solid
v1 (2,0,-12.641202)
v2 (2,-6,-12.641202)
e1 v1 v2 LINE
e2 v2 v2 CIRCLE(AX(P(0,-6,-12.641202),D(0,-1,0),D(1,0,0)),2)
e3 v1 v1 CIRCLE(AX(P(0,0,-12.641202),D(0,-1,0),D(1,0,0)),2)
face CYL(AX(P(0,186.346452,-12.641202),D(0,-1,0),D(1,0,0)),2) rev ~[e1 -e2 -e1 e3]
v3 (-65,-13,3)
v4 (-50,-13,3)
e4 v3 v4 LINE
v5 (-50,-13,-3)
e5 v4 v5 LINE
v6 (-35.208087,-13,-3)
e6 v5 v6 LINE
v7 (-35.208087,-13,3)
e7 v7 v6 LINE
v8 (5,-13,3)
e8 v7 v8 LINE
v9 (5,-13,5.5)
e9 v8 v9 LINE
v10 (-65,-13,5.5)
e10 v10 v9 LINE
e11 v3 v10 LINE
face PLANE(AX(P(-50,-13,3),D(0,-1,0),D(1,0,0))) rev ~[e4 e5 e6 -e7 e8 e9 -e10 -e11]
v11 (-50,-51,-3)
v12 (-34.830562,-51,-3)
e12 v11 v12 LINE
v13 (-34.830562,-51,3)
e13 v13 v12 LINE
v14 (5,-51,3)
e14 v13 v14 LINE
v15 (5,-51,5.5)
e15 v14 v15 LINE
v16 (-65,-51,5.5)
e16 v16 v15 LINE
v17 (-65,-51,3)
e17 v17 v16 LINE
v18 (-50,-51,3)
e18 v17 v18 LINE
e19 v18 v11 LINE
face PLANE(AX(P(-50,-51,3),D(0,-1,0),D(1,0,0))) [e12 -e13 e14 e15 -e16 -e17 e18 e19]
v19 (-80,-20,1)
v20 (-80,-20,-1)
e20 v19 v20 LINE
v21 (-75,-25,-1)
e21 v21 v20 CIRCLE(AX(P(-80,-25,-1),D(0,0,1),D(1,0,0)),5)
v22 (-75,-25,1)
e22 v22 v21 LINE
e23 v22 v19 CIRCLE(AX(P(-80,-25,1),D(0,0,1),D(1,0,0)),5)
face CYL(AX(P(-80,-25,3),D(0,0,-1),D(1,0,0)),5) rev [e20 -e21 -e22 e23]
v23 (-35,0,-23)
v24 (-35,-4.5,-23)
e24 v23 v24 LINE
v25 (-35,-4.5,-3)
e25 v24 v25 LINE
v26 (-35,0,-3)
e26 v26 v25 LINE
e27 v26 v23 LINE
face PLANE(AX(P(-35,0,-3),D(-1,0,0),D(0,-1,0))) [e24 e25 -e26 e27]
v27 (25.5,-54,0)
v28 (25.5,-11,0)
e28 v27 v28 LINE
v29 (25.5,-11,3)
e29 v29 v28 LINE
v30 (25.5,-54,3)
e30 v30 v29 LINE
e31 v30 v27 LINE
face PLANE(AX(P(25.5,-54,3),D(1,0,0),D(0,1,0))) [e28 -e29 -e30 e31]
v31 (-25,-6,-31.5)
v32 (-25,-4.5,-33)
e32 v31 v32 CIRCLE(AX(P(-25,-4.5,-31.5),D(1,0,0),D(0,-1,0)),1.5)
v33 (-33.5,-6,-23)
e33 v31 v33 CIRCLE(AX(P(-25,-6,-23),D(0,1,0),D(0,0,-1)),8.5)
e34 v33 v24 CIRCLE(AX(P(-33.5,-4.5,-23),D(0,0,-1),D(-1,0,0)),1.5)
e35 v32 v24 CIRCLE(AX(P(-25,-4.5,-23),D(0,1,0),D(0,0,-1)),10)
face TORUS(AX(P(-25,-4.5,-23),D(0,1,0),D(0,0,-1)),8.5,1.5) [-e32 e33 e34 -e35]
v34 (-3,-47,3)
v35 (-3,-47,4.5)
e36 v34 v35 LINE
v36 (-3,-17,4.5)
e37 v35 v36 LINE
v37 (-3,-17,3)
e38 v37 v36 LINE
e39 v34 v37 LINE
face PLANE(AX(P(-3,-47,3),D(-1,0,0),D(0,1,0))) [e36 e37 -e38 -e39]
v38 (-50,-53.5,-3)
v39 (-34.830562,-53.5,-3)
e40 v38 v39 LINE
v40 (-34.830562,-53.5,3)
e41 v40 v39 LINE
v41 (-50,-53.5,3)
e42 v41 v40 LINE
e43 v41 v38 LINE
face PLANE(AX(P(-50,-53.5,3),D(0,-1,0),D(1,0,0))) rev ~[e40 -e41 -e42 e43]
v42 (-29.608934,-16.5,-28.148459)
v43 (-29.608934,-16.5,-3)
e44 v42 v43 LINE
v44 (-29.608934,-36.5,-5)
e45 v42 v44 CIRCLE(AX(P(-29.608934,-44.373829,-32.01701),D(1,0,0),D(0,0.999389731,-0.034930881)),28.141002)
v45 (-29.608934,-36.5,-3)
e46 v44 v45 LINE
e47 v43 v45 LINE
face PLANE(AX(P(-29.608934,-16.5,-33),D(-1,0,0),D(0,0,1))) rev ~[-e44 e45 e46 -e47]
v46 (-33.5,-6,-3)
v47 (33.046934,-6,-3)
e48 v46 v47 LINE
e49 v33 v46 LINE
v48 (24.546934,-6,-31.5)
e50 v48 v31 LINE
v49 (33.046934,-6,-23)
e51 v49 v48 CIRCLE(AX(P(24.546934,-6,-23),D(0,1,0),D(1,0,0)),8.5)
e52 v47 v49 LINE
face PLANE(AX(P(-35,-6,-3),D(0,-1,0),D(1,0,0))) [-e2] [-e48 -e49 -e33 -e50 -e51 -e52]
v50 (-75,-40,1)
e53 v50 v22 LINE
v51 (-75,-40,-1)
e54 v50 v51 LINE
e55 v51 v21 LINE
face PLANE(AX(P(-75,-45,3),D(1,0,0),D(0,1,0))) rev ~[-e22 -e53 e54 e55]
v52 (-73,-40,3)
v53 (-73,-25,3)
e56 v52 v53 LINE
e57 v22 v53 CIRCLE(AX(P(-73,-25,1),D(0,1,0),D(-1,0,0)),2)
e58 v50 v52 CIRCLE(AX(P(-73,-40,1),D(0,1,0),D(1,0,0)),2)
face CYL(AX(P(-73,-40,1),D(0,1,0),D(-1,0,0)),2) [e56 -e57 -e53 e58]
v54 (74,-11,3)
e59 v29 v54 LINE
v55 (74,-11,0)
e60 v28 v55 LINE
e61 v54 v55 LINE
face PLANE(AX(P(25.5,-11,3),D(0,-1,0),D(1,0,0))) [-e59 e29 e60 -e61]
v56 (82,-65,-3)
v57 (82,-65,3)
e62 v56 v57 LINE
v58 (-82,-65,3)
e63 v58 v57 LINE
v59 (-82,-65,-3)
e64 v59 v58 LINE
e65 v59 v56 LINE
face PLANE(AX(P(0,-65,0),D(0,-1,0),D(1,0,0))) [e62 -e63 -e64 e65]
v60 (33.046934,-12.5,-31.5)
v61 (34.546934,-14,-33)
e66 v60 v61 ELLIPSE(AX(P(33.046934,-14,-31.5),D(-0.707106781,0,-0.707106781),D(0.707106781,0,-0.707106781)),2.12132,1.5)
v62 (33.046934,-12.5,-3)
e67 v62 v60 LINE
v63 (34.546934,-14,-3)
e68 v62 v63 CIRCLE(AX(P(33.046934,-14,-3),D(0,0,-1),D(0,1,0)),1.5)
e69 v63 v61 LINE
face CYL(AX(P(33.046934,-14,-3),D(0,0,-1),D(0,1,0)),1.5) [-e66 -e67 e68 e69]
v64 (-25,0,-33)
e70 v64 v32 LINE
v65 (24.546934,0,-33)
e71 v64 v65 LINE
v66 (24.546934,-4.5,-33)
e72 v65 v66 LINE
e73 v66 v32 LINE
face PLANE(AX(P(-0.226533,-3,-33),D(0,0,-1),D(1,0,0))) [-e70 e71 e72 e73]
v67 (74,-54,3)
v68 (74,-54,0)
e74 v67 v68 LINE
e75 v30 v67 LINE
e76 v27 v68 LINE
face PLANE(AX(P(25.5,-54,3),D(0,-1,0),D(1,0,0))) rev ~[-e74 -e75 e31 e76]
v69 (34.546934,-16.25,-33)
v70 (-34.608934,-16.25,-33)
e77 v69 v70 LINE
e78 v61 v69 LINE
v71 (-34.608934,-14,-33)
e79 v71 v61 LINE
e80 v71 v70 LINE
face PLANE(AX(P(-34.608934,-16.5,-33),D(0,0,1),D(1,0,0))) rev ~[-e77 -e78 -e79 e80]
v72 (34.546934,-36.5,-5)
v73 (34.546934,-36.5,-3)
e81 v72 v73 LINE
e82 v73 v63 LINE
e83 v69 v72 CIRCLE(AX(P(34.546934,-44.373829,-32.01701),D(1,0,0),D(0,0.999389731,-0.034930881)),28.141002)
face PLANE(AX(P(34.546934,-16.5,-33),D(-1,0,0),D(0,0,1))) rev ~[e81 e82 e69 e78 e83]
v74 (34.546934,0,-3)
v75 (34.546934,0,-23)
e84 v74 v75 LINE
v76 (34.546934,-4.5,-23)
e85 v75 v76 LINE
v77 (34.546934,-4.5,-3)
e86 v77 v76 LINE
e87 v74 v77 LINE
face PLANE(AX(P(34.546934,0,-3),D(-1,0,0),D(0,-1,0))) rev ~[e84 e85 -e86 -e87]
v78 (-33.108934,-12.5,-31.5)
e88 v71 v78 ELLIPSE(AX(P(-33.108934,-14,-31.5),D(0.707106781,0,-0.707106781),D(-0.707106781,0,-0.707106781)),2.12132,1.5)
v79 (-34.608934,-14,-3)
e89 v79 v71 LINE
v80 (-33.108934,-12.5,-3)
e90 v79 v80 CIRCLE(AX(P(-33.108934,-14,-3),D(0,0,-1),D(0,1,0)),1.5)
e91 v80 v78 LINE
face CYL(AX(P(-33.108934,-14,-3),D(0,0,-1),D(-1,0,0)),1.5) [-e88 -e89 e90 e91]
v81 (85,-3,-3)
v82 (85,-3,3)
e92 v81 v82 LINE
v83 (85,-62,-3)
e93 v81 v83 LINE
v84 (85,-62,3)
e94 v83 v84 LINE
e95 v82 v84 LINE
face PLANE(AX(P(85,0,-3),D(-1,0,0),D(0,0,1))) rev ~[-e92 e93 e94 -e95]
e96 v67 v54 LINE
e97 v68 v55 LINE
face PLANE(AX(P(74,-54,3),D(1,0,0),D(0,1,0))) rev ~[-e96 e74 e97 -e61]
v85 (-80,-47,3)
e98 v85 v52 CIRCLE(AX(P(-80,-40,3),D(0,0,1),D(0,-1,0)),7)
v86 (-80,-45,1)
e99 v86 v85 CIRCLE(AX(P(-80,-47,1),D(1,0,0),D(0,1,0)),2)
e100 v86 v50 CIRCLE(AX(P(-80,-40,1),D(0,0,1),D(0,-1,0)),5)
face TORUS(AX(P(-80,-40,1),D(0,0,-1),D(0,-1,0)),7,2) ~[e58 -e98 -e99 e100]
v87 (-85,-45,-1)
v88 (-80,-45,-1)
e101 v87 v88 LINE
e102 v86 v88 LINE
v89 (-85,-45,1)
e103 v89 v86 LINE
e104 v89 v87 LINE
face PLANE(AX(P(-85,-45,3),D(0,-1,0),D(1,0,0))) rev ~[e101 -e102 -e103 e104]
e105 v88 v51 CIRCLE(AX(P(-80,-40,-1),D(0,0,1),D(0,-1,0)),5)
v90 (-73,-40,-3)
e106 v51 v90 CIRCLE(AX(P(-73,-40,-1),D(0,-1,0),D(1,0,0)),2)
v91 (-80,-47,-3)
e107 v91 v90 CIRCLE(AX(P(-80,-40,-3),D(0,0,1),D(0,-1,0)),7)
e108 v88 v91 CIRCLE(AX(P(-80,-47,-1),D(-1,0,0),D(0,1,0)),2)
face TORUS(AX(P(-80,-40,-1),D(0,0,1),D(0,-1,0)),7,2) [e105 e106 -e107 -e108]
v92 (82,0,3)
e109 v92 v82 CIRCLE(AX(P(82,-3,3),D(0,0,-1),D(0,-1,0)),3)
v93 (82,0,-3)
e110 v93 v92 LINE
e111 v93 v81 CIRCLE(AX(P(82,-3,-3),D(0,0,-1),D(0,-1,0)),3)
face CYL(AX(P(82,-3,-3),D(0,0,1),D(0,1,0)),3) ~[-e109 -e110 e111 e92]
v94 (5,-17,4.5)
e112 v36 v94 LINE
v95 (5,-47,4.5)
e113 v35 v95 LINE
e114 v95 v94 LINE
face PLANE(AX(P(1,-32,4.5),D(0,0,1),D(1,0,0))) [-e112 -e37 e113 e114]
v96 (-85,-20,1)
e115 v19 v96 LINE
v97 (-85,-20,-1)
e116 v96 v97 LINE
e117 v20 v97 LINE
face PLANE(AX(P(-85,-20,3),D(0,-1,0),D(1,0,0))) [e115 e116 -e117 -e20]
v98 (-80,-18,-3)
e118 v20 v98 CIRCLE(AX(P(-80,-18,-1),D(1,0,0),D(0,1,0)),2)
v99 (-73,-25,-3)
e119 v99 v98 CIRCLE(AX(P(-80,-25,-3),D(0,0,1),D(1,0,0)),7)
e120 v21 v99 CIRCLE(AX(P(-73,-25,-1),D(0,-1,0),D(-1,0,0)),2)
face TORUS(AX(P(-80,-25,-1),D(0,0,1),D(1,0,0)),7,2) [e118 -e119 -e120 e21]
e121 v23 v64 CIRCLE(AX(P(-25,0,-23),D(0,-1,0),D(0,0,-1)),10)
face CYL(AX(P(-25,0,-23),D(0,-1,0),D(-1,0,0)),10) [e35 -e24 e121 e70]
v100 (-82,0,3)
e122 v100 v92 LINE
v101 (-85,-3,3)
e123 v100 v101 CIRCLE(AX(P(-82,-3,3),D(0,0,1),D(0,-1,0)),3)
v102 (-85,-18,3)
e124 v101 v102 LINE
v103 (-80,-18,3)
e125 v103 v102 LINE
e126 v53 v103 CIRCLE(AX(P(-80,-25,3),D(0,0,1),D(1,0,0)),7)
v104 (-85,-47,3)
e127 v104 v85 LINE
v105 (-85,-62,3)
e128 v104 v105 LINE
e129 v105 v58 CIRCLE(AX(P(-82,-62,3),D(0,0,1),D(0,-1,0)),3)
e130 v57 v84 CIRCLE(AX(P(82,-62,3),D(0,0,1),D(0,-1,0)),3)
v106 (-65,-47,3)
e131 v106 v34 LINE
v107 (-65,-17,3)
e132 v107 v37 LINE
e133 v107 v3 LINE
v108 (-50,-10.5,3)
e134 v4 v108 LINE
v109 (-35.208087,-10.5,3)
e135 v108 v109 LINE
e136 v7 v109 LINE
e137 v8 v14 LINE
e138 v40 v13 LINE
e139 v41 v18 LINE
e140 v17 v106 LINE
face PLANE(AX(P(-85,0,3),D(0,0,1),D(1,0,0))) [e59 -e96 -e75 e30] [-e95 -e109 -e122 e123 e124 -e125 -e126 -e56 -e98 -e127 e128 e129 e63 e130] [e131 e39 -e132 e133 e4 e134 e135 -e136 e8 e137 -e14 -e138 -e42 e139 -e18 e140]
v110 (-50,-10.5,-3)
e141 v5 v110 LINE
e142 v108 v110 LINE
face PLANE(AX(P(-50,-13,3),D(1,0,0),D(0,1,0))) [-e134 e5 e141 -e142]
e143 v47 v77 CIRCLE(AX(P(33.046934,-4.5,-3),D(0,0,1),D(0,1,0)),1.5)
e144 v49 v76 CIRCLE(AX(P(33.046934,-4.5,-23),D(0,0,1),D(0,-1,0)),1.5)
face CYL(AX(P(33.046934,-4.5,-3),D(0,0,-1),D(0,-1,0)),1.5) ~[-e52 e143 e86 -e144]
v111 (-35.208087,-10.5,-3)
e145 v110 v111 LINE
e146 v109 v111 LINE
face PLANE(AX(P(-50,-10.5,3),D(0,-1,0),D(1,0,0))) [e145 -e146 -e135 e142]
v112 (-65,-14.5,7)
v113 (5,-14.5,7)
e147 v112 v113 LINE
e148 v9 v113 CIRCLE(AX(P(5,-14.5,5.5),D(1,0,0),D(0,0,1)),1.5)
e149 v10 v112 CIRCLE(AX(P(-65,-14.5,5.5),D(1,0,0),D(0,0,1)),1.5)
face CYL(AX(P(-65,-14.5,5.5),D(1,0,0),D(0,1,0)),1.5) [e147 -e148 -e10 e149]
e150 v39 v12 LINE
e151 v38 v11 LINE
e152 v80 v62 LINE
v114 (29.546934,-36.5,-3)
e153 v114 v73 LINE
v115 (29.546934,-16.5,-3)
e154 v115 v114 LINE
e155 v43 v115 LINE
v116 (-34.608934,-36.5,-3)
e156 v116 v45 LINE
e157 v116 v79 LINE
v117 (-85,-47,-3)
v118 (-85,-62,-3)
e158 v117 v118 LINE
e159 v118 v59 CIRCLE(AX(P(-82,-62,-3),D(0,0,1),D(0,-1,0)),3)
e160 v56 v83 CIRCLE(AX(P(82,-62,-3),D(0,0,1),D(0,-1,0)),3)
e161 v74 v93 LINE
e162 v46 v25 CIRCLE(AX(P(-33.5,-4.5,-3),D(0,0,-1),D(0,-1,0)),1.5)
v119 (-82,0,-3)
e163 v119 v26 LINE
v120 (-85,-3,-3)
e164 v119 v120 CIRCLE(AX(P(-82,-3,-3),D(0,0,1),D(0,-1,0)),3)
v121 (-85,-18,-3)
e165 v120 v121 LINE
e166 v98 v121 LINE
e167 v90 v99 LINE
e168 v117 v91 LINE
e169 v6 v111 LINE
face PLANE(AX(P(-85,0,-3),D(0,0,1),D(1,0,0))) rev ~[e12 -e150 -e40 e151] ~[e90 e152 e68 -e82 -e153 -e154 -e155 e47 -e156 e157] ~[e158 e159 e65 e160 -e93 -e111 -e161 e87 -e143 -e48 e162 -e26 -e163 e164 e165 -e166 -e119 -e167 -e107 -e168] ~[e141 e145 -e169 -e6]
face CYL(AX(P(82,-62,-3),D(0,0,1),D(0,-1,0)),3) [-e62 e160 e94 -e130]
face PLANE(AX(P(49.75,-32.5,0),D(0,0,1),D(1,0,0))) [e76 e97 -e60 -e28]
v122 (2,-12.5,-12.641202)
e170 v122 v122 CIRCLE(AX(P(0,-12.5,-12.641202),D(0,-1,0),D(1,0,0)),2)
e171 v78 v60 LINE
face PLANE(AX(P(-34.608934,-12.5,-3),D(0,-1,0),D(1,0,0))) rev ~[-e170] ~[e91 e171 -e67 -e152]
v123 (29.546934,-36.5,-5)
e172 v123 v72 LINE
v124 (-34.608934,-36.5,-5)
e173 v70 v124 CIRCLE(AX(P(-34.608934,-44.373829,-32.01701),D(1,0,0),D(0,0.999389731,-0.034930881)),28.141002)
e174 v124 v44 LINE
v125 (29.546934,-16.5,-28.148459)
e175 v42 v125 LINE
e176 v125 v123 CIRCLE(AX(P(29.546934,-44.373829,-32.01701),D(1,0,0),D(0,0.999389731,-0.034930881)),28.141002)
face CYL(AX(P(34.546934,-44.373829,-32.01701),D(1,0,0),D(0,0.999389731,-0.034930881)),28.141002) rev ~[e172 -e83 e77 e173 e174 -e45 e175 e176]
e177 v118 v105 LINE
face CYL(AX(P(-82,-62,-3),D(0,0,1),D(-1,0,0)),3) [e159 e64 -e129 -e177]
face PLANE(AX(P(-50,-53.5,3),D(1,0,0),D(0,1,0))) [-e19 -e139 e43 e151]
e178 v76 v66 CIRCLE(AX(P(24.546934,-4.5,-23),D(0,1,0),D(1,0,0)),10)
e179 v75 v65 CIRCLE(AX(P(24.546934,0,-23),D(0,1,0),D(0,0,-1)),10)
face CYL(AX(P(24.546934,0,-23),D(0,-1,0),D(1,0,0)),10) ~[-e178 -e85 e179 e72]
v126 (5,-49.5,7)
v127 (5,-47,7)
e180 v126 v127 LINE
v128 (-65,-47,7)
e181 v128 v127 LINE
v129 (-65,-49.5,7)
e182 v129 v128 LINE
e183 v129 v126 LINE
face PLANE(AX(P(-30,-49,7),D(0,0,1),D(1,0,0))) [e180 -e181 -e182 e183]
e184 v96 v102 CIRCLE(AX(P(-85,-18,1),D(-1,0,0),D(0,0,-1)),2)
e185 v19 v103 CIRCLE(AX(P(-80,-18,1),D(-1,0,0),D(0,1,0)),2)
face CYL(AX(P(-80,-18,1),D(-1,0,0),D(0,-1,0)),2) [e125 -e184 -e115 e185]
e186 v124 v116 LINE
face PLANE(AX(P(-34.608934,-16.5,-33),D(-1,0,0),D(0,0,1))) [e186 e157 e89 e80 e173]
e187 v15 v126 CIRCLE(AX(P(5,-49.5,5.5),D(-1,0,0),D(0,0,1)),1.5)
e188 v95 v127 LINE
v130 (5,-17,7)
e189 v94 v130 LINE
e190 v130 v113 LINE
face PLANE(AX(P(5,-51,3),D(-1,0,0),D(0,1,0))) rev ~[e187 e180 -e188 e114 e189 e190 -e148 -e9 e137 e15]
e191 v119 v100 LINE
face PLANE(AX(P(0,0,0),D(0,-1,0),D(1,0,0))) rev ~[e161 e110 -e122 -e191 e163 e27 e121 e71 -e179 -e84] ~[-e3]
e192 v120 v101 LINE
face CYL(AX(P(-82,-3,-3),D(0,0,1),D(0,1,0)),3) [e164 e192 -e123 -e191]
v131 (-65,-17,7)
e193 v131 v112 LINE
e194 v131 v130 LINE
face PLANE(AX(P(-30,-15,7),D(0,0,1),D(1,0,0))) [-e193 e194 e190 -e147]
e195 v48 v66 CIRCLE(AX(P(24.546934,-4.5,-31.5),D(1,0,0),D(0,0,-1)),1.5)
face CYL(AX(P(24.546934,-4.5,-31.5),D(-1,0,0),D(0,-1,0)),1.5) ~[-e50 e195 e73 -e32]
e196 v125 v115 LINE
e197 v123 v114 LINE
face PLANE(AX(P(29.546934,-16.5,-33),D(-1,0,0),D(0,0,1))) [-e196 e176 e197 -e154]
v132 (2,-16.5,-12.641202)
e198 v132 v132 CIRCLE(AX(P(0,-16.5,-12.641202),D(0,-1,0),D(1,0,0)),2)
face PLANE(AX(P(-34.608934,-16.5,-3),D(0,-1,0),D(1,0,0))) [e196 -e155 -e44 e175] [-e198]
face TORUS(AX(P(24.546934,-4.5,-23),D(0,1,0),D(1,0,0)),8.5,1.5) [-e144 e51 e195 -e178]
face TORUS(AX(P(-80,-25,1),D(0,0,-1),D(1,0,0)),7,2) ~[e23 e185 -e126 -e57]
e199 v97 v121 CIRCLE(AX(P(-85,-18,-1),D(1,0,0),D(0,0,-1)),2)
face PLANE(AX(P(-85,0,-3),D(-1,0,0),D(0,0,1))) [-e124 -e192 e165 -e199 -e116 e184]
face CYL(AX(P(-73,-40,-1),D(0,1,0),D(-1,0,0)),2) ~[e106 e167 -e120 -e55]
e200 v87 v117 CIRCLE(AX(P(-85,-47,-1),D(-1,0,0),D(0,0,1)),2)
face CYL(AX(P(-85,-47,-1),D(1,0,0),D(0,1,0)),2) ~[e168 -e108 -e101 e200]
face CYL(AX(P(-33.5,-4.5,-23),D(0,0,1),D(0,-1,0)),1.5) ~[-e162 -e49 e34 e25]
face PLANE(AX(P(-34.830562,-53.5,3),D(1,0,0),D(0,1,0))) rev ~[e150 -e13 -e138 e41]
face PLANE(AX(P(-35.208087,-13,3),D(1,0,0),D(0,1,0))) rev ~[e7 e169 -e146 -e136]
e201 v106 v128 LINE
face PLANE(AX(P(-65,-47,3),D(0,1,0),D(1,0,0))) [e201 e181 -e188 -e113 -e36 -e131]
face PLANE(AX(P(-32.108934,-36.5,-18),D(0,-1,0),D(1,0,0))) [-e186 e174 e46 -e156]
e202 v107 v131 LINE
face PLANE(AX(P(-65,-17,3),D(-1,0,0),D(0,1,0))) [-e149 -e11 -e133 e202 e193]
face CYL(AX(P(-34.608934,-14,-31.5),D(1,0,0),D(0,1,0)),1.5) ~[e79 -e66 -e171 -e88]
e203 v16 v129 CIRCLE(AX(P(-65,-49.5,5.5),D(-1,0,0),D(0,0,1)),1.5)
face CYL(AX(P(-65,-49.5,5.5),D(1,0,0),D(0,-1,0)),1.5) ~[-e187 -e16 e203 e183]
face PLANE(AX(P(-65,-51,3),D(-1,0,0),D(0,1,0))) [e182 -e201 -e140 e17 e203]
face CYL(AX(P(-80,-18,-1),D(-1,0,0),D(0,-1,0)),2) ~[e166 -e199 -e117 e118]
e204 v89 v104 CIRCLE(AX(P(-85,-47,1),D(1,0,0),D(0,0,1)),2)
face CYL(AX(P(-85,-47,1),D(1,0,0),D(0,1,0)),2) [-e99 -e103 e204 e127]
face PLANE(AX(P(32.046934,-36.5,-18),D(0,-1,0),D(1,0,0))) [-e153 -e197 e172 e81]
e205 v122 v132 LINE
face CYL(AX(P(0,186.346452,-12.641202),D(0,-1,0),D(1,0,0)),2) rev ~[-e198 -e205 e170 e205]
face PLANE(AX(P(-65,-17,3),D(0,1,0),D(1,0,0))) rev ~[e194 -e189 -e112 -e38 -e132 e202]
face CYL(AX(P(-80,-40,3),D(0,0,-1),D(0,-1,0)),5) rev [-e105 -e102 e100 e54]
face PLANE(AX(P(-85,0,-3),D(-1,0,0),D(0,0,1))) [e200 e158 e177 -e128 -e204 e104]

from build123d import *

# Parameters (mm, degrees)
F0_W        = 170
F0_H        = 6
F1_DEPTH    = 65
F2_W        = 48.5
F2_H        = 43
F3_DEPTH    = 3
F4_W        = 70
F4_H        = 4
F5_DEPTH    = 4
F6_W        = 69.1558677684
F6_H        = 4
F6_W_2      = 69.5469340682
F6_H_2      = 6
F7_DEPTH    = 30
F8_W        = 5
F8_H        = 30
F9_DEPTH    = 20
F10_SIZE2   = 18
F10_SIZE    = 28
F10_2_SIZE2 = 18
F10_2_SIZE  = 28
F11_W       = 14.7919125855
F11_H       = 2.5
F11_W_2     = 15.1694379747
F12_DEPTH   = 36.001
F13_R       = 10
F14_R       = 1.5
F15_R       = 1.5
F16_R       = 3
F18_DEPTH   = 119.5479340682
F20_D       = 4
F21_W       = 10
F21_H       = 25
F22_DEPTH   = 25
F23_R       = 5
F24_R       = 2
F25_R       = 2
F26_R       = 1.5
F27_W       = 8
F27_H       = 30
F28_DEPTH   = 1.5


with BuildPart() as f1:
    # F0 (on Front) → F1 (new body)
    with BuildSketch(Plane.XZ):
        Rectangle(F0_W, F0_H)
    extrude(amount=F1_DEPTH)

    # F2 (on face) → F3 (cut)
    with BuildSketch(Plane.XY.offset(3)):
        with Locations((49.75, -32.5)):
            Rectangle(F2_W, F2_H)
    extrude(amount=-F3_DEPTH, mode=Mode.SUBTRACT)

    # F4 (on face) → F5 (join)
    with BuildSketch(Plane.XY.offset(3)):
        with Locations((-30, -15)):
            Rectangle(F4_W, F4_H)
        with Locations((-30, -49)):
            Rectangle(F4_W, F4_H)
    extrude(amount=F5_DEPTH)

    # F6 (on face) → F7 (join)
    with BuildSketch(Plane(origin=(0, 0, -3), x_dir=(1, 0, 0), z_dir=(0, 0, -1))):
        with Locations((-0.030999816, 14.5)):
            Rectangle(F6_W, F6_H)
        with Locations((-0.2265329659, 3)):
            Rectangle(F6_W_2, F6_H_2)
    extrude(amount=F7_DEPTH)

    # F8 (on face) → F9 (join)
    with BuildSketch(Plane.XZ.offset(16.5)):
        with Locations((-32.1089337002, -18)):
            Rectangle(F8_W, F8_H)
        with Locations((32.0469340682, -18)):
            Rectangle(F8_W, F8_H)
    extrude(amount=F9_DEPTH)

    # F10
    f10_edges = [f1.edges().sort_by_distance(p)[0] for p in [
        (-32.108934, -36.5, -33),
    ]]
    f10_side = f1.faces().sort_by_distance((-32.108934, -36.5, -18))[0]
    chamfer(f10_edges, length=F10_SIZE, length2=F10_SIZE2, reference=f10_side)

    # F10#2
    f10_2_edges = [f1.edges().sort_by_distance(p)[0] for p in [
        (32.046934, -36.5, -33),
    ]]
    f10_2_side = f1.faces().sort_by_distance((32.046934, -36.5, -18))[0]
    chamfer(f10_2_edges, length=F10_2_SIZE, length2=F10_2_SIZE2, reference=f10_2_side)

    # F11 (on face) → F12 (cut, through all)
    with BuildSketch(Plane.XY.offset(3)):
        with Locations((-42.6040437073, -11.75)):
            Rectangle(F11_W, F11_H)
        with Locations((-42.4152810127, -52.25)):
            Rectangle(F11_W_2, F11_H)
    extrude(amount=-F12_DEPTH, mode=Mode.SUBTRACT)

    # F13
    f13_edges = [f1.edges().sort_by_distance(p)[0] for p in [
        (-35, -3, -33),
        (34.546934, -3, -33),
    ]]
    fillet(f13_edges, radius=F13_R)

    # F14
    f14_edges = [f1.edges().sort_by_distance(p)[0] for p in [
        (-34.608934, -12.5, -18),
        (34.546934, -12.5, -18),
        (-0.031, -12.5, -33),
    ]]
    fillet(f14_edges, radius=F14_R)

    # F15
    f15_edges = [f1.edges().sort_by_distance(p)[0] for p in [
        (34.546934, -6, -13),
        (31.618002, -6, -30.071068),
        (-0.226533, -6, -33),
        (-32.071068, -6, -30.071068),
        (-35, -6, -13),
    ]]
    fillet(f15_edges, radius=F15_R)

    # F16
    f16_edges = [f1.edges().sort_by_distance(p)[0] for p in [
        (-85, -65, 0),
        (-85, 0, 0),
        (85, 0, 0),
        (85, -65, 0),
    ]]
    fillet(f16_edges, radius=F16_R)

    # F17 (on face) → F18 (cut, through all)
    with BuildSketch(Plane.YZ.offset(34.5469340682)):
        with BuildLine():
            Line((-18.5, -33), (-16.25, -33))
            ThreePointArc((-16.25, -33), (-21.5712447444, -15.5258555741), (-36.5, -5))
            Line((-36.5, -5), (-18.5, -33))
        make_face()
    extrude(amount=-F18_DEPTH, mode=Mode.SUBTRACT)

    # F20 (through all)
    with Locations(Plane(origin=(0, 0, 0), x_dir=(-1, 0, 0), z_dir=(0, 1, 0))):
        with Locations((0, -12.6412017271)):
            Hole(F20_D / 2)

    # F21 (on face) → F22 (cut)
    with BuildSketch(Plane.XY.offset(3)):
        with Locations((-80, -32.5)):
            Rectangle(F21_W, F21_H)
    extrude(amount=-F22_DEPTH, mode=Mode.SUBTRACT)

    # F23
    f23_edges = [f1.edges().sort_by_distance(p)[0] for p in [
        (-75, -20, 0),
        (-75, -45, 0),
    ]]
    fillet(f23_edges, radius=F23_R)

    # F24
    f24_edges = [f1.edges().sort_by_distance(p)[0] for p in [
        (-75, -32.5, 3),
        (-76.464466, -21.464466, 3),
        (-82.5, -20, 3),
        (-76.464466, -43.535534, 3),
        (-82.5, -45, 3),
    ]]
    fillet(f24_edges, radius=F24_R)

    # F25
    f25_edges = [f1.edges().sort_by_distance(p)[0] for p in [
        (-82.5, -45, -3),
        (-76.464466, -43.535534, -3),
        (-75, -32.5, -3),
        (-76.464466, -21.464466, -3),
        (-82.5, -20, -3),
    ]]
    fillet(f25_edges, radius=F25_R)

    # F26
    f26_edges = [f1.edges().sort_by_distance(p)[0] for p in [
        (-30, -13, 7),
        (-30, -51, 7),
    ]]
    fillet(f26_edges, radius=F26_R)

    # F27 (on face) → F28 (join)
    with BuildSketch(Plane.XY.offset(3)):
        with Locations((1, -32)):
            Rectangle(F27_W, F27_H)
    extrude(amount=F28_DEPTH)


solid = f1.part
